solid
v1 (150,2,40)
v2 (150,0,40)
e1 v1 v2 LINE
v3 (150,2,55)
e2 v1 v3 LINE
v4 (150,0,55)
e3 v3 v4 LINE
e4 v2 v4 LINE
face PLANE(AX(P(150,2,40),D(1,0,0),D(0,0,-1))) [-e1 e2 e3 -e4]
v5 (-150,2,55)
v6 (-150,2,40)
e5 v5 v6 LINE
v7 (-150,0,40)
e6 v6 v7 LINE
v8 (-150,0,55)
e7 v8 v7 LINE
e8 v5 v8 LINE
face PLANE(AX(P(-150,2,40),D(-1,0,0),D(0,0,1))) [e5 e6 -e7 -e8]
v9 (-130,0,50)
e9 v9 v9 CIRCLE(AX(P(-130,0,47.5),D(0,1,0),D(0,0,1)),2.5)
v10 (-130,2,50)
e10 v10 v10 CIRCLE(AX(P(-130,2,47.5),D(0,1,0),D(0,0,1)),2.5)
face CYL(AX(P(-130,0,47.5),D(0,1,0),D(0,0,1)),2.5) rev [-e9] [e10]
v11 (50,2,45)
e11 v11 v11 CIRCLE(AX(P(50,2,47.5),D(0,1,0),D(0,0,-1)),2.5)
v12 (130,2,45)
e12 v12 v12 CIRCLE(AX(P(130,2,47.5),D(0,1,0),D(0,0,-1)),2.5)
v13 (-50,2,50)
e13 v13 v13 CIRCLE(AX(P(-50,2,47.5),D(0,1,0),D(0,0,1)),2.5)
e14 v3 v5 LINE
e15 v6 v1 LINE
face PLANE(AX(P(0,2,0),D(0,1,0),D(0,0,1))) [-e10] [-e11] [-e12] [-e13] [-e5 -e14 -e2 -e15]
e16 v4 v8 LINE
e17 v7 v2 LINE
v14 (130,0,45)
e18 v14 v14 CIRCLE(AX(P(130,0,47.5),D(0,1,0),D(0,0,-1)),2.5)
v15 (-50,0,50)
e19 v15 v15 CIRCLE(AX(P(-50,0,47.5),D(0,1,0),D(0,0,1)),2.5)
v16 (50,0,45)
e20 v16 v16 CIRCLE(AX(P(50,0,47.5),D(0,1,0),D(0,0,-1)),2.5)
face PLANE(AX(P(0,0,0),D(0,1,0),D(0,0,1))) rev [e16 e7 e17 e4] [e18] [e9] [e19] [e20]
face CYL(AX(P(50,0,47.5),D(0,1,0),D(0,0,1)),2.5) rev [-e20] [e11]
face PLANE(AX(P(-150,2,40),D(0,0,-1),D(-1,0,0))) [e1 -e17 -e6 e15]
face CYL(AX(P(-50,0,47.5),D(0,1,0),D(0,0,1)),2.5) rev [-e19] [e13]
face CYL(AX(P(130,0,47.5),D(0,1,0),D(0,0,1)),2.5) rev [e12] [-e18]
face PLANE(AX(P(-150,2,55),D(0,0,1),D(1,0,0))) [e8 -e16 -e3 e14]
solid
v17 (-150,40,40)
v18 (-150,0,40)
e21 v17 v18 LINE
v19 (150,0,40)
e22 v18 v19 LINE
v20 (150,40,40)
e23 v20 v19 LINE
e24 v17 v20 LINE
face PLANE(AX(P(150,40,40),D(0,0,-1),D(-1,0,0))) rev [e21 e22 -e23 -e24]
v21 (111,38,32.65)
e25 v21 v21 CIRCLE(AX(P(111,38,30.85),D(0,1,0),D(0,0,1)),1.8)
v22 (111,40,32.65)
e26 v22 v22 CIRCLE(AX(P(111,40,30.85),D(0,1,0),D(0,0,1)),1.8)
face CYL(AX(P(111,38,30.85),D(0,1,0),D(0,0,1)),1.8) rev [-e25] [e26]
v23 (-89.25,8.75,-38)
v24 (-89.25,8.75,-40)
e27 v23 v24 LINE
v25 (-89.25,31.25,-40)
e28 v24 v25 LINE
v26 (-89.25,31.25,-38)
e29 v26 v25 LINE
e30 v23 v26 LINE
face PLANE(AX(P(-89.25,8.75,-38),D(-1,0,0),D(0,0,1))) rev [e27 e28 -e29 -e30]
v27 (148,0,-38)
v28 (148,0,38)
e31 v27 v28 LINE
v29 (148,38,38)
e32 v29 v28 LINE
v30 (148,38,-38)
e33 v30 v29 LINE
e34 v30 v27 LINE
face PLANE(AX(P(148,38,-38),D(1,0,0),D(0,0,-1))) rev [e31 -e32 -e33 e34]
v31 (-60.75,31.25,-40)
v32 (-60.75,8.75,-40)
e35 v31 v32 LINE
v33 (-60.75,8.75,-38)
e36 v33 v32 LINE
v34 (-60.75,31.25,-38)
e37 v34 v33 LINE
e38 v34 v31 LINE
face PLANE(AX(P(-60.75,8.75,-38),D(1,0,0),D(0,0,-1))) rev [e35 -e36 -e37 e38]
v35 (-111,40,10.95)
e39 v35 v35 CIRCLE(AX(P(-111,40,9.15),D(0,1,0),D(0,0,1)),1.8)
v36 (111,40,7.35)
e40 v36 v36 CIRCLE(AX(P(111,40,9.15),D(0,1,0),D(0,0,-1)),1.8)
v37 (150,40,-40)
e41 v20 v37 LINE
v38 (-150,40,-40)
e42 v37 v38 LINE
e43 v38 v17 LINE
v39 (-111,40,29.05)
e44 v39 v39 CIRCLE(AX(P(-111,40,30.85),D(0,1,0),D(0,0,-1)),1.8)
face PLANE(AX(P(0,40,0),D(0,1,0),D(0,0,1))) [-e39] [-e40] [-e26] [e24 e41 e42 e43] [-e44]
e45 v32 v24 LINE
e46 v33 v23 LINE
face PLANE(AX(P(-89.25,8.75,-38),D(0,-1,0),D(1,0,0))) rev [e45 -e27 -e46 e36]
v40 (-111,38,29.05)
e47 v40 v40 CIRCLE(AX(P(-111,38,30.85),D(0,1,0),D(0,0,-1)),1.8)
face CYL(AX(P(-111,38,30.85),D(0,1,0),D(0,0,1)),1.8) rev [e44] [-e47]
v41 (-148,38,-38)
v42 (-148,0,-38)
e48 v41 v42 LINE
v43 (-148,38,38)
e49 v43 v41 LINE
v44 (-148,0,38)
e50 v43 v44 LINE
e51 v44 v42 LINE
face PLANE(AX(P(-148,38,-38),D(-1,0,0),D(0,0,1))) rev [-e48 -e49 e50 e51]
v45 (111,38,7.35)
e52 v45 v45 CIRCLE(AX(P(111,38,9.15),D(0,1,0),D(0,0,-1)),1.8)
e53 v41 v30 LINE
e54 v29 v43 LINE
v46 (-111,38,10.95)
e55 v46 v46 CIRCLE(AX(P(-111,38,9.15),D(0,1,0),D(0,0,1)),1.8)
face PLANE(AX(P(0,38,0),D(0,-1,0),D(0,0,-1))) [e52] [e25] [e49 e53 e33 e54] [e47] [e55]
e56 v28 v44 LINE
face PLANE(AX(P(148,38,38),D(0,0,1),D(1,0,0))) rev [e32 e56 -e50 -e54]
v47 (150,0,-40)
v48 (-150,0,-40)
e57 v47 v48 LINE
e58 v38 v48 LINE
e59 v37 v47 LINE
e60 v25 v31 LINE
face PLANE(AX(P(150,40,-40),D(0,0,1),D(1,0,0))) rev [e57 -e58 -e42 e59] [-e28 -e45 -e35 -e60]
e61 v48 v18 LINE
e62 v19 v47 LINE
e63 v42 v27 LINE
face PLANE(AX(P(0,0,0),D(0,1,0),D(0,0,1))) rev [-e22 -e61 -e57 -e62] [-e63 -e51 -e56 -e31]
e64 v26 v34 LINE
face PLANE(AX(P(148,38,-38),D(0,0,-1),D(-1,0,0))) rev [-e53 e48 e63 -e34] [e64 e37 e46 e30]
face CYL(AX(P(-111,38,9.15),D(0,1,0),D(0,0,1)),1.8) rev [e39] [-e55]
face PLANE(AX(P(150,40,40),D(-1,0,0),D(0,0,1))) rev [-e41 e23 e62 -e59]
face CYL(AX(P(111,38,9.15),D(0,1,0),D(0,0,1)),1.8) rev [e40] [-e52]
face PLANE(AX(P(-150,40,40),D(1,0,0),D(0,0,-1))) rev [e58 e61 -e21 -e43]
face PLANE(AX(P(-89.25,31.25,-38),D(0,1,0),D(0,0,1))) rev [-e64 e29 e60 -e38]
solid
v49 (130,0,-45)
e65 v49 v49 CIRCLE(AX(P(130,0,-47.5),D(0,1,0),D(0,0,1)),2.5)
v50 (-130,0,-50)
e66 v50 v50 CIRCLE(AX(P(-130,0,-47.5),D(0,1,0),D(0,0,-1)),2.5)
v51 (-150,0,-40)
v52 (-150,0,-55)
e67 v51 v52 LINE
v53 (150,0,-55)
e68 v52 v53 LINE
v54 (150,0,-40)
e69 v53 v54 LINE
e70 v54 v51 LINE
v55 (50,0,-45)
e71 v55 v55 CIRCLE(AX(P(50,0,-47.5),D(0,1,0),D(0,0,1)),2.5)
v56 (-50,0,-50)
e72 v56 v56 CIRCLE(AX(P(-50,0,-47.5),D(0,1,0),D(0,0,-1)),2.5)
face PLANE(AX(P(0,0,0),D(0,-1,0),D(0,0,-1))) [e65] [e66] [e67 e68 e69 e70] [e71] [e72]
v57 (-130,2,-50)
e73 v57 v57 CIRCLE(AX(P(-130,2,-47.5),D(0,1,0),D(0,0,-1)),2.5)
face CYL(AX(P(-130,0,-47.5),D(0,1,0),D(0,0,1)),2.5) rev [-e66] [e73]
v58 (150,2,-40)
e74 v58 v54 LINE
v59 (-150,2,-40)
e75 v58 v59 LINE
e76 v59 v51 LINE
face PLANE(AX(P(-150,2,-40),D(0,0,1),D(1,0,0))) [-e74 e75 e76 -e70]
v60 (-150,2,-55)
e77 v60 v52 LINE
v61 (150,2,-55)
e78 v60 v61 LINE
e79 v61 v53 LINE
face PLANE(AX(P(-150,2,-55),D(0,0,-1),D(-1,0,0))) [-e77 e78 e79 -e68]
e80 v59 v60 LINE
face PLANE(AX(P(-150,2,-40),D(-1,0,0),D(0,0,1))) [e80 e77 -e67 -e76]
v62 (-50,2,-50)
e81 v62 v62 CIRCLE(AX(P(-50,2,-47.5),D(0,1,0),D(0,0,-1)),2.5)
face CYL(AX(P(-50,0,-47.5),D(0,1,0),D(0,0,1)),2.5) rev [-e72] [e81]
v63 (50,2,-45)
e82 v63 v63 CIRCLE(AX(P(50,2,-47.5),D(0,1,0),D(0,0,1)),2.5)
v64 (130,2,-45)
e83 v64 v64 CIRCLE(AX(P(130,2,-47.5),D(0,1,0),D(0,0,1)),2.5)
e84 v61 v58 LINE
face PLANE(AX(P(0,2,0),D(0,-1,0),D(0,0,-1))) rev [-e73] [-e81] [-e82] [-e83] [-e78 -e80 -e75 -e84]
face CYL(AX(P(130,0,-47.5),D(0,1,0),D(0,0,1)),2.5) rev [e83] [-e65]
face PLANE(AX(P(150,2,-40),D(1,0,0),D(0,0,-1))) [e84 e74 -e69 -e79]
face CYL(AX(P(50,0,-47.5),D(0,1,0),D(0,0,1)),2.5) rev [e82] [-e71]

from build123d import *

# Parameters (mm, degrees)
ESBO_O1_W                  = 300
ESBO_O1_H                  = 80
RESSALTO_EXTRUS_O1_DEPTH   = 40
ESBO_O2_W                  = 296
ESBO_O2_H                  = 76
CORTE_EXTRUS_O1_DEPTH      = 38
ESBO_O3_W                  = 300
ESBO_O3_H                  = 15
RESSALTO_EXTRUS_O2_DEPTH   = 2
RESSALTO_EXTRUS_O2_2_DEPTH = 2
ESBO_O4_R                  = 2.5
CORTE_EXTRUS_O2_DEPTH      = 3
ESBO_O5_R                  = 1.8
CORTE_EXTRUS_O3_DEPTH      = 2
ESBO_O6_W                  = 28.5
ESBO_O6_H                  = 22.5
CORTE_EXTRUS_O4_DEPTH      = 2


with BuildPart() as part:
    # Esboço1 → Ressalto-extrusão1 (new body)
    with BuildSketch(Plane(origin=(0, 0, 0), x_dir=(1, 0, 0), z_dir=(0, 1, 0))):
        Rectangle(ESBO_O1_W, ESBO_O1_H)
    extrude(amount=RESSALTO_EXTRUS_O1_DEPTH)

    # Esboço2 → Corte-extrusão1 (cut)
    with BuildSketch(Plane.XZ):
        Rectangle(ESBO_O2_W, ESBO_O2_H)
    extrude(amount=-CORTE_EXTRUS_O1_DEPTH, mode=Mode.SUBTRACT)

    # Esboço5 → Corte-extrusão3 (cut)
    with BuildSketch(Plane(origin=(0, 40, 0), x_dir=(1, 0, 0), z_dir=(0, 1, 0))):
        with Locations((-111, -9.15)):
            Circle(ESBO_O5_R)
        with Locations((111, -9.15)):
            Circle(ESBO_O5_R)
        with Locations((111, -30.85)):
            Circle(ESBO_O5_R)
        with Locations((-111, -30.85)):
            Circle(ESBO_O5_R)
    extrude(amount=-CORTE_EXTRUS_O3_DEPTH, mode=Mode.SUBTRACT)

    # Esboço6 → Corte-extrusão4 (cut)
    with BuildSketch(Plane(origin=(0, 0, -40), x_dir=(-1, 0, 0), z_dir=(0, 0, -1))):
        with Locations((75, 20)):
            Rectangle(ESBO_O6_W, ESBO_O6_H)
    extrude(amount=-CORTE_EXTRUS_O4_DEPTH, mode=Mode.SUBTRACT)


with BuildPart() as body_2:
    # Esboço3 → Ressalto-extrusão2 (new body)
    with BuildSketch(Plane.XZ):
        with Locations((0, 47.5)):
            Rectangle(ESBO_O3_W, ESBO_O3_H)
    extrude(amount=-RESSALTO_EXTRUS_O2_DEPTH)


with BuildPart() as body_3:
    # Esboço3 → Ressalto-extrus_o2 2 (new body)
    with BuildSketch(Plane.XZ):
        with Locations((0, -47.5)):
            Rectangle(ESBO_O3_W, ESBO_O3_H)
    extrude(amount=-RESSALTO_EXTRUS_O2_2_DEPTH)


with BuildPart() as corte_extrus_o2_tool:
    # Esboço4 → Corte-extrusão2 (new body, through all)
    with BuildSketch(Plane(origin=(0, 2, 0), x_dir=(1, 0, 0), z_dir=(0, 1, 0))):
        with Locations((-130, -47.5)):
            Circle(ESBO_O4_R)
        with Locations((-50, -47.5)):
            Circle(ESBO_O4_R)
        with Locations((50, -47.5)):
            Circle(ESBO_O4_R)
        with Locations((130, -47.5)):
            Circle(ESBO_O4_R)
        with Locations((130, 47.5)):
            Circle(ESBO_O4_R)
        with Locations((50, 47.5)):
            Circle(ESBO_O4_R)
        with Locations((-50, 47.5)):
            Circle(ESBO_O4_R)
        with Locations((-130, 47.5)):
            Circle(ESBO_O4_R)
    extrude(amount=-CORTE_EXTRUS_O2_DEPTH)


with BuildPart() as body_2_1:
    add(body_2.part)

    # Corte-extrusão2: cut by corte_extrus_o2_tool
    add(corte_extrus_o2_tool.part, mode=Mode.SUBTRACT)


with BuildPart() as body_3_1:
    add(body_3.part)

    # Corte-extrusão2: cut by corte_extrus_o2_tool
    add(corte_extrus_o2_tool.part, mode=Mode.SUBTRACT)


solid = Compound([part.part, body_2_1.part, body_3_1.part])
